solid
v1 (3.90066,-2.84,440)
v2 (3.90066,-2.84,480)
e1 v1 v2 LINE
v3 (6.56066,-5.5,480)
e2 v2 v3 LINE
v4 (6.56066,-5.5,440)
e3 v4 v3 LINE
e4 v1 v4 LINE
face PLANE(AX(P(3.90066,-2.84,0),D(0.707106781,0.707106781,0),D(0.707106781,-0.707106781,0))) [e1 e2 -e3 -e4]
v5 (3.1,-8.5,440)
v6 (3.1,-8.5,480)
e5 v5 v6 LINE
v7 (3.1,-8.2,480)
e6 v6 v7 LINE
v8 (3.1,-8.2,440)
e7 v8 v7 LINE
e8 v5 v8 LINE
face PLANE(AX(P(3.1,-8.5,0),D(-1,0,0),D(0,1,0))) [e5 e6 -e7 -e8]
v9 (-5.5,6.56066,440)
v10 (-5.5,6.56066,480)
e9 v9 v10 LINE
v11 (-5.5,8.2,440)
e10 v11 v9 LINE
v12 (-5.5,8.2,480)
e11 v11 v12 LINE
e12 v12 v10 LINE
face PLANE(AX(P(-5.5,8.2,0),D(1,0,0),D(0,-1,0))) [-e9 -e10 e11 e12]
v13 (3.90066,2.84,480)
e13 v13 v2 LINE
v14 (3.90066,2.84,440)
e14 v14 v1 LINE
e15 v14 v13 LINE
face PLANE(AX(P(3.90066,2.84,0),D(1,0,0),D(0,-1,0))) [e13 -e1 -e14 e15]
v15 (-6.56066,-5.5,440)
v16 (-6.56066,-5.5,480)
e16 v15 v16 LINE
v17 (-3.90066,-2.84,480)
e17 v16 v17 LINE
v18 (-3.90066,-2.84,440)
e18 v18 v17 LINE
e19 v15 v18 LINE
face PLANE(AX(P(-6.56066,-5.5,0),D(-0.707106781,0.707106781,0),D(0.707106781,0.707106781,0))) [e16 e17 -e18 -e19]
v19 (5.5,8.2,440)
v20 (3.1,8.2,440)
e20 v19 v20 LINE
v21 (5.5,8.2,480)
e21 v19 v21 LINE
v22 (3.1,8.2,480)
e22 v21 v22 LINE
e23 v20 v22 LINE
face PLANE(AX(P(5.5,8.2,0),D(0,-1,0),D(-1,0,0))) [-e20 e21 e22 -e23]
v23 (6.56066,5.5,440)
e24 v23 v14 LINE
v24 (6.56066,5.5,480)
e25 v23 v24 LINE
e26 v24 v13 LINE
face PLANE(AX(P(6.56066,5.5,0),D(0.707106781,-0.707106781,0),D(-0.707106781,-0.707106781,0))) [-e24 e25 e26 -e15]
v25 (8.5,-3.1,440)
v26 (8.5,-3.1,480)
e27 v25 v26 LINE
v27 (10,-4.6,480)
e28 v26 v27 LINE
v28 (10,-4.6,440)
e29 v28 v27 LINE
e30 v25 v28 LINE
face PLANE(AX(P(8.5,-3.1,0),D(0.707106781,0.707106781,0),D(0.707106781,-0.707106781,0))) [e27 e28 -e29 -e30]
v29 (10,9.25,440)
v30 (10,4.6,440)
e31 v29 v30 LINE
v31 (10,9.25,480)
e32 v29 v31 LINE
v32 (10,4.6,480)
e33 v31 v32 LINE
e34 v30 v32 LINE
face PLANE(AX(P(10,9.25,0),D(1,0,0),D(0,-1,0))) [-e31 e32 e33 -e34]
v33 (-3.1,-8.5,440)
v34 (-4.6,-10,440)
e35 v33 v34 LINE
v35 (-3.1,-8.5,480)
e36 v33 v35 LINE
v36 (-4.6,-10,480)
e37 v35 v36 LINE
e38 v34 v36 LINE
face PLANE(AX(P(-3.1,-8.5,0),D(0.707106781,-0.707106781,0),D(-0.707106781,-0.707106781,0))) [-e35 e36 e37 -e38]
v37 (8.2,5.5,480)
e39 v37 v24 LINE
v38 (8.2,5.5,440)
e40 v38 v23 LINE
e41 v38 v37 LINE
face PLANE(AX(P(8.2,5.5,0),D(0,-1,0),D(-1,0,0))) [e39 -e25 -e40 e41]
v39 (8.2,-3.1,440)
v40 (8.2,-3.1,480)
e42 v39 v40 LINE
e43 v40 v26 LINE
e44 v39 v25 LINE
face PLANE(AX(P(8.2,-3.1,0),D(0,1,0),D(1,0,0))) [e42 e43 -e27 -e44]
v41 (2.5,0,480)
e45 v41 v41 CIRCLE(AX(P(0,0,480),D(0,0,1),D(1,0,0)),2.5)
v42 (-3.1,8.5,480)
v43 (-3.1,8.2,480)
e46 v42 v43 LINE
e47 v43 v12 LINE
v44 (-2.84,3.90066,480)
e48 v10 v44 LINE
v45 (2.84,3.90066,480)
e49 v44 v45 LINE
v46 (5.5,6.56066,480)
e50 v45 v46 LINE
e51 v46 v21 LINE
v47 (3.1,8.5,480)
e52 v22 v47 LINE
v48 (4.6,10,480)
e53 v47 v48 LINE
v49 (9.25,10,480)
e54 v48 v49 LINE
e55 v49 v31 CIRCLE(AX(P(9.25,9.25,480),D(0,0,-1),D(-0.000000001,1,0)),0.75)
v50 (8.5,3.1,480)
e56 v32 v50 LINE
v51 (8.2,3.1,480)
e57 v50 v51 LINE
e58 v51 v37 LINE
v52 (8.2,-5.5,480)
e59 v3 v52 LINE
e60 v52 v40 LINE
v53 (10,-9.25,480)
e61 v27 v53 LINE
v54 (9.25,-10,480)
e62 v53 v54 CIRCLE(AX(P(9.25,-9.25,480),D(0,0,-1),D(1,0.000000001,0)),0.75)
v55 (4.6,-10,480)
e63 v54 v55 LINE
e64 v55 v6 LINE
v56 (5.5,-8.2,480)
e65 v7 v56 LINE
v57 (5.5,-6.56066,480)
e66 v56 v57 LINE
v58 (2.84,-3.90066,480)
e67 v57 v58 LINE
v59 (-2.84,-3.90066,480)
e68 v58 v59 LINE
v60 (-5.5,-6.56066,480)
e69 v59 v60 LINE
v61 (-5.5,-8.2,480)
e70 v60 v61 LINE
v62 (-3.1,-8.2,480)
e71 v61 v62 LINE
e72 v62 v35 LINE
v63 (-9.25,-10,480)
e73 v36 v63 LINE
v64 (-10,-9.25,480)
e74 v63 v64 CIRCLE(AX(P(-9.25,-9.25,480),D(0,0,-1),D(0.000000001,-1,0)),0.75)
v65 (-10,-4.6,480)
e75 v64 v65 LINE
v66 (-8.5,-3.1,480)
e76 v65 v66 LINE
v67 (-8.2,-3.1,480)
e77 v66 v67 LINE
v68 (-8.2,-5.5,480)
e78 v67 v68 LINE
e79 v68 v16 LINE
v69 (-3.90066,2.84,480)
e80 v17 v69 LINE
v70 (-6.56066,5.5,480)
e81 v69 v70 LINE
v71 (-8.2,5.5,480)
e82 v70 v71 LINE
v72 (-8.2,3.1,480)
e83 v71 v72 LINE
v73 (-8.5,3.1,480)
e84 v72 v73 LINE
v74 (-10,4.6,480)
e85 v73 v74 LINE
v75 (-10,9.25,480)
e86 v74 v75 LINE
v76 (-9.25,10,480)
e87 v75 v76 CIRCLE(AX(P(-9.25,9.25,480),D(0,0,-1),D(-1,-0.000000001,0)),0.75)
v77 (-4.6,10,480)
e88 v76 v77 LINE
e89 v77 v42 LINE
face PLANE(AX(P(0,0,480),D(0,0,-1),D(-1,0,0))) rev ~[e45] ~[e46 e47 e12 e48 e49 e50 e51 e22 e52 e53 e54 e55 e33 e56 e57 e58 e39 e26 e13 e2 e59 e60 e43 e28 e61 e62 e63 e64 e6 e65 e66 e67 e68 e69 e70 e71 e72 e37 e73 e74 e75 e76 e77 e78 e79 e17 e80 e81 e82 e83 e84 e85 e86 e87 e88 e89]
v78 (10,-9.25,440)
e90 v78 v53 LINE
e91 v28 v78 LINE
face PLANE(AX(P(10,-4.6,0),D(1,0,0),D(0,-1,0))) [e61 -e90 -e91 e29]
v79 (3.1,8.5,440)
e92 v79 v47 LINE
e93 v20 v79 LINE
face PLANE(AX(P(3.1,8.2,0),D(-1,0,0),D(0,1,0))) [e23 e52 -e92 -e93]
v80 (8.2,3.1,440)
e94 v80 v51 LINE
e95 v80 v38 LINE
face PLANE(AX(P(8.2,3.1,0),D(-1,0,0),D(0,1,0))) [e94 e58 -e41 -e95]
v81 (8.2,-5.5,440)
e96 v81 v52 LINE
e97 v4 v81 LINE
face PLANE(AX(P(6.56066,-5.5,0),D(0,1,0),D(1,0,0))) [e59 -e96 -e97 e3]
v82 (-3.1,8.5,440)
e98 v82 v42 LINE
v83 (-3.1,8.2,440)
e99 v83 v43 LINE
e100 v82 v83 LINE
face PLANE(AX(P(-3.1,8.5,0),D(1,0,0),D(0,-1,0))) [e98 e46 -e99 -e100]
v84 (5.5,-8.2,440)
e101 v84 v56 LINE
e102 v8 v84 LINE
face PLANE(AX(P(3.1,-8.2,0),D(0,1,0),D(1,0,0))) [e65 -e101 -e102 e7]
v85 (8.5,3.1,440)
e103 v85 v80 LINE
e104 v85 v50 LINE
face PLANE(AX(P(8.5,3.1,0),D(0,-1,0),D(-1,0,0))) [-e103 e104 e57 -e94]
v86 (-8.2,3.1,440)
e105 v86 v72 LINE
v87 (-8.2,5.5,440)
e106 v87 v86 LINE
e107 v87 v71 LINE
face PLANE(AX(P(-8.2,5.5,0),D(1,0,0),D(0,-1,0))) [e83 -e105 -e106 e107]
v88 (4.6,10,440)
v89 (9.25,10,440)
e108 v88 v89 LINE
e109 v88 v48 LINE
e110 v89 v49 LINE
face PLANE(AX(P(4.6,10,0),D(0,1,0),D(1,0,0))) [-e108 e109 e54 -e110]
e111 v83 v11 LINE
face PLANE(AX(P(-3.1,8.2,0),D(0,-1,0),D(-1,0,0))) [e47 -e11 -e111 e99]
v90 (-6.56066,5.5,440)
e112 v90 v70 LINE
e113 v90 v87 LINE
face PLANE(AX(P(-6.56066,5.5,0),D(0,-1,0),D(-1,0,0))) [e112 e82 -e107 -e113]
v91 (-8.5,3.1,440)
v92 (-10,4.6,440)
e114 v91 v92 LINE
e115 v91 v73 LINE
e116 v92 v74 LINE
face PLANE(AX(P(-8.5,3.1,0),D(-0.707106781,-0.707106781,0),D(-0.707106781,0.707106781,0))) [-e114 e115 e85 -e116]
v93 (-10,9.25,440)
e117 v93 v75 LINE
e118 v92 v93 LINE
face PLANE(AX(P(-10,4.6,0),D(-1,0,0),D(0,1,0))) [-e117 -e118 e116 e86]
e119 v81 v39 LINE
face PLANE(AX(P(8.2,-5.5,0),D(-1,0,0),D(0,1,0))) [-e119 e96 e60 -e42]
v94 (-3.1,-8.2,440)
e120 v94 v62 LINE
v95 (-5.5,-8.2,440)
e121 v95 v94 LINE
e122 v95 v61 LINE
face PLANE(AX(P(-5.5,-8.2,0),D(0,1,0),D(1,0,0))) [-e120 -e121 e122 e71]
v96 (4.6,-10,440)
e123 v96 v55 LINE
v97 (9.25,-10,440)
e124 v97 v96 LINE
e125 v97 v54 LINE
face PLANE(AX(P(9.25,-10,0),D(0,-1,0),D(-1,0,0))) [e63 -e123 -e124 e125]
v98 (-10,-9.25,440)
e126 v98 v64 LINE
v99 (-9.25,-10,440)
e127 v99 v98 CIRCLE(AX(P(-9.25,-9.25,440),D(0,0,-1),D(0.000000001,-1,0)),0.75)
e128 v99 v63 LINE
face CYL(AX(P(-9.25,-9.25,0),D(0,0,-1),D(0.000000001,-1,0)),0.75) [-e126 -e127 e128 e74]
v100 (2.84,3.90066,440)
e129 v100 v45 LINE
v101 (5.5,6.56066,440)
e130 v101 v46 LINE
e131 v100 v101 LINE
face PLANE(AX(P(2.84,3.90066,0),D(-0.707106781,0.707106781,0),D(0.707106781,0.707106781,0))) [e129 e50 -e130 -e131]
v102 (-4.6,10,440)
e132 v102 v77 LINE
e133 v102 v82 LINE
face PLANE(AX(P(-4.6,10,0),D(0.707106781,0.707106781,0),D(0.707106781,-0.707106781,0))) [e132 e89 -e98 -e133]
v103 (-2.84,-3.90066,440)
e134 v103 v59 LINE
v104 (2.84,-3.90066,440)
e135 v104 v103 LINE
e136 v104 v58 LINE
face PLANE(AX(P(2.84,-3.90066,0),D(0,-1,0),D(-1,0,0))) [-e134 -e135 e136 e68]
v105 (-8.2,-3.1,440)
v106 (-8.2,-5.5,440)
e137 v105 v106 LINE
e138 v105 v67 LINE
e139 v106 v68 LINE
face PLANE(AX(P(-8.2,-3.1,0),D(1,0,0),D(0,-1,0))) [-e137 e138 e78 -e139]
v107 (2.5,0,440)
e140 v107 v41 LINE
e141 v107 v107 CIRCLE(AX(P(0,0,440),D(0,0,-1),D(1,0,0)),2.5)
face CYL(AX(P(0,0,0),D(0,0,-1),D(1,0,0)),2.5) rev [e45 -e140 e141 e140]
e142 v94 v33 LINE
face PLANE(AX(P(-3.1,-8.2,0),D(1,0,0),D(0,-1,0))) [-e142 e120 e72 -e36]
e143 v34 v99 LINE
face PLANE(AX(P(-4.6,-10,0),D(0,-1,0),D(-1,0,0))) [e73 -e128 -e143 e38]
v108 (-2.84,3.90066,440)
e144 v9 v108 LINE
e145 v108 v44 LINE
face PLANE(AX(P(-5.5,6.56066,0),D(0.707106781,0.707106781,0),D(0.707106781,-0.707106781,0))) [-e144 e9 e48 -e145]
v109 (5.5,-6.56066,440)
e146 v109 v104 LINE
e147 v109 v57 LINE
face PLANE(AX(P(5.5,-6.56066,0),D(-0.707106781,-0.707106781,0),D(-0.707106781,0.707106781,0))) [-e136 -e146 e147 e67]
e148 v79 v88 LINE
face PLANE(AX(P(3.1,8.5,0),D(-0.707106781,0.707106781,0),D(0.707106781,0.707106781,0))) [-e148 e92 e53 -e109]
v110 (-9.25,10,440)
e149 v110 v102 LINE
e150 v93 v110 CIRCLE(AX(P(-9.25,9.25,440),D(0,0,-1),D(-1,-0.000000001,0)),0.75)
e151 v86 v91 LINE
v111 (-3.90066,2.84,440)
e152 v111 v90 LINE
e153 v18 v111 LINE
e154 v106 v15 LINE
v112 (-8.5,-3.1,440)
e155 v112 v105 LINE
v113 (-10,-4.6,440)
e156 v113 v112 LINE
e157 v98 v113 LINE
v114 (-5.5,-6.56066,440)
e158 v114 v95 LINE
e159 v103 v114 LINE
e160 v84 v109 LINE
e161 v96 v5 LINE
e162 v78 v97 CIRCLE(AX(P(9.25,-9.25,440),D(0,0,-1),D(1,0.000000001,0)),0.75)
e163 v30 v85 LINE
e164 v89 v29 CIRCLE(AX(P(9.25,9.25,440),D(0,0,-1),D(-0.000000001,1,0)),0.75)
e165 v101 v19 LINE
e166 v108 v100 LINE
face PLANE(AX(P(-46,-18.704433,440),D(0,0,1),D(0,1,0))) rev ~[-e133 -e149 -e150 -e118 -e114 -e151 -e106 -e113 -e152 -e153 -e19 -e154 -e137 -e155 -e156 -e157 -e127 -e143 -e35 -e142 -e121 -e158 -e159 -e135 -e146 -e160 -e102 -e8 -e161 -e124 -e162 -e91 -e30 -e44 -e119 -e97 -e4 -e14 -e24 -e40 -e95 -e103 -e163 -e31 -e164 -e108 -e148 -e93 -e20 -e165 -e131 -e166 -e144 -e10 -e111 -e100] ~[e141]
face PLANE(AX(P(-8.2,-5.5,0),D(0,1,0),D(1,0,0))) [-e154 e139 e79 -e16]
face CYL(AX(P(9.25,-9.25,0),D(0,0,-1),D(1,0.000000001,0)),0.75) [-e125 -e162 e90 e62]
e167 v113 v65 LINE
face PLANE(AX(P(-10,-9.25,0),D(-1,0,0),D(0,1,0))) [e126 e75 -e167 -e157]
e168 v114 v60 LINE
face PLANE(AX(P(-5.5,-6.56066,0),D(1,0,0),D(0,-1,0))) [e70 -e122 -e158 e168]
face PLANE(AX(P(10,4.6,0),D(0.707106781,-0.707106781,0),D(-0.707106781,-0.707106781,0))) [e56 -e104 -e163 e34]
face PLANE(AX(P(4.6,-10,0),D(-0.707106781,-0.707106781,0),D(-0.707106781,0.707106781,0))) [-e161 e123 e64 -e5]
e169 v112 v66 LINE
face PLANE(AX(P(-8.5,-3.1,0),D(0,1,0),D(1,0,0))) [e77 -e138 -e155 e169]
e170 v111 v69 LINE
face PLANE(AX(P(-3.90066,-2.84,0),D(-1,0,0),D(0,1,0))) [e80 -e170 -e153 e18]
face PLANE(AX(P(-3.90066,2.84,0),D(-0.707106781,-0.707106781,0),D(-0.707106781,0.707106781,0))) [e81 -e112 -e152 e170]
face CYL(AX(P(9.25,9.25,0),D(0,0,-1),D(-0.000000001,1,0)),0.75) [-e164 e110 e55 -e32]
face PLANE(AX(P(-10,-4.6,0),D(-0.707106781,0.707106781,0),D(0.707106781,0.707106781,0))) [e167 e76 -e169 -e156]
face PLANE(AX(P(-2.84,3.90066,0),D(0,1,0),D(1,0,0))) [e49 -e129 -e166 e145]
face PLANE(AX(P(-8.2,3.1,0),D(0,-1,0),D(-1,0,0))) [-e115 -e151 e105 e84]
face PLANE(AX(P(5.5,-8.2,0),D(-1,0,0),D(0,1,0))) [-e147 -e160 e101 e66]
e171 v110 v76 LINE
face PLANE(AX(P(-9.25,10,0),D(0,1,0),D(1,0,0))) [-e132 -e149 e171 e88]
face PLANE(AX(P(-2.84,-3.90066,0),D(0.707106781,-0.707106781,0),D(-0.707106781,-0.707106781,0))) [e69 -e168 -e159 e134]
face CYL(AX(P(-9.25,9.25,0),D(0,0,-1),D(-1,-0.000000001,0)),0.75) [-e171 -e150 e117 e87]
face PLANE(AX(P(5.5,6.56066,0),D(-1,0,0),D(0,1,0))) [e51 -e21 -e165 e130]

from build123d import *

# Parameters (mm, degrees)
CROQUIS1_R              = 2.5
SALIENTE_EXTRUIR1_DEPTH = 480
CUT_EXTRUDE1_DEPTH      = 47
CUT_EXTRUDE1_DEPTH_BACK = 46
SKETCH2_W               = 880
SKETCH2_H               = 37.408865396


with BuildPart() as part:
    # Croquis1 → Saliente-Extruir1 (new body)
    with BuildSketch(Plane.XY):
        with BuildLine():
            Line((-4.6, 10), (-3.1, 8.5))
            Line((-3.1, 8.5), (-3.1, 8.2))
            Line((-3.1, 8.2), (-5.5, 8.2))
            Line((-5.5, 8.2), (-5.5, 6.560660172))
            Line((-5.5, 6.560660172), (-2.84, 3.900660172))
            Line((-2.84, 3.900660172), (0, 3.900660172))
            Line((0, 3.900660172), (2.84, 3.900660172))
            Line((2.84, 3.900660172), (5.5, 6.560660172))
            Line((5.5, 6.560660172), (5.5, 8.2))
            Line((5.5, 8.2), (3.1, 8.2))
            Line((3.1, 8.2), (3.1, 8.5))
            Line((3.1, 8.5), (4.6, 10))
            Line((4.6, 10), (9.25, 10))
            ThreePointArc((9.25, 10), (9.780330086, 9.780330086), (10, 9.25))
            Line((10, 9.25), (10, 4.6))
            Line((10, 4.6), (8.5, 3.1))
            Line((8.5, 3.1), (8.2, 3.1))
            Line((8.2, 3.1), (8.2, 5.5))
            Line((8.2, 5.5), (6.560660172, 5.5))
            Line((6.560660172, 5.5), (3.900660172, 2.84))
            Line((3.900660172, 2.84), (3.900660172, 0))
            Line((3.900660172, 0), (3.900660172, -2.84))
            Line((3.900660172, -2.84), (6.560660172, -5.5))
            Line((6.560660172, -5.5), (8.2, -5.5))
            Line((8.2, -5.5), (8.2, -3.1))
            Line((8.2, -3.1), (8.5, -3.1))
            Line((8.5, -3.1), (10, -4.6))
            Line((10, -4.6), (10, -9.25))
            ThreePointArc((10, -9.25), (9.780330086, -9.780330086), (9.25, -10))
            Line((9.25, -10), (4.6, -10))
            Line((4.6, -10), (3.1, -8.5))
            Line((3.1, -8.5), (3.1, -8.2))
            Line((3.1, -8.2), (5.5, -8.2))
            Line((5.5, -8.2), (5.5, -6.560660172))
            Line((5.5, -6.560660172), (2.84, -3.900660172))
            Line((2.84, -3.900660172), (0, -3.900660172))
            Line((0, -3.900660172), (-2.84, -3.900660172))
            Line((-2.84, -3.900660172), (-5.5, -6.560660172))
            Line((-5.5, -6.560660172), (-5.5, -8.2))
            Line((-5.5, -8.2), (-3.1, -8.2))
            Line((-3.1, -8.2), (-3.1, -8.5))
            Line((-3.1, -8.5), (-4.6, -10))
            Line((-4.6, -10), (-9.25, -10))
            ThreePointArc((-9.25, -10), (-9.780330086, -9.780330086), (-10, -9.25))
            Line((-10, -9.25), (-10, -4.6))
            Line((-10, -4.6), (-8.5, -3.1))
            Line((-8.5, -3.1), (-8.2, -3.1))
            Line((-8.2, -3.1), (-8.2, -5.5))
            Line((-8.2, -5.5), (-6.560660172, -5.5))
            Line((-6.560660172, -5.5), (-3.900660172, -2.84))
            Line((-3.900660172, -2.84), (-3.900660172, 0))
            Line((-3.900660172, 0), (-3.900660172, 2.84))
            Line((-3.900660172, 2.84), (-6.560660172, 5.5))
            Line((-6.560660172, 5.5), (-8.2, 5.5))
            Line((-8.2, 5.5), (-8.2, 3.1))
            Line((-8.2, 3.1), (-8.5, 3.1))
            Line((-8.5, 3.1), (-10, 4.6))
            Line((-10, 4.6), (-10, 9.25))
            ThreePointArc((-10, 9.25), (-9.780330086, 9.780330086), (-9.25, 10))
            Line((-9.25, 10), (-4.6, 10))
        make_face()
        Circle(CROQUIS1_R, mode=Mode.SUBTRACT)
    extrude(amount=SALIENTE_EXTRUIR1_DEPTH)

    # Sketch2 → Cut-Extrude1 (cut, two sides: drawn at the far end of the back side and taken through both)
    with BuildSketch(Plane(origin=(0, 0, 0), x_dir=(0, 0, -1), z_dir=(1, 0, 0)).offset(-CUT_EXTRUDE1_DEPTH_BACK)):
        Rectangle(SKETCH2_W, SKETCH2_H)
    extrude(amount=CUT_EXTRUDE1_DEPTH + CUT_EXTRUDE1_DEPTH_BACK, mode=Mode.SUBTRACT)


solid = part.part
